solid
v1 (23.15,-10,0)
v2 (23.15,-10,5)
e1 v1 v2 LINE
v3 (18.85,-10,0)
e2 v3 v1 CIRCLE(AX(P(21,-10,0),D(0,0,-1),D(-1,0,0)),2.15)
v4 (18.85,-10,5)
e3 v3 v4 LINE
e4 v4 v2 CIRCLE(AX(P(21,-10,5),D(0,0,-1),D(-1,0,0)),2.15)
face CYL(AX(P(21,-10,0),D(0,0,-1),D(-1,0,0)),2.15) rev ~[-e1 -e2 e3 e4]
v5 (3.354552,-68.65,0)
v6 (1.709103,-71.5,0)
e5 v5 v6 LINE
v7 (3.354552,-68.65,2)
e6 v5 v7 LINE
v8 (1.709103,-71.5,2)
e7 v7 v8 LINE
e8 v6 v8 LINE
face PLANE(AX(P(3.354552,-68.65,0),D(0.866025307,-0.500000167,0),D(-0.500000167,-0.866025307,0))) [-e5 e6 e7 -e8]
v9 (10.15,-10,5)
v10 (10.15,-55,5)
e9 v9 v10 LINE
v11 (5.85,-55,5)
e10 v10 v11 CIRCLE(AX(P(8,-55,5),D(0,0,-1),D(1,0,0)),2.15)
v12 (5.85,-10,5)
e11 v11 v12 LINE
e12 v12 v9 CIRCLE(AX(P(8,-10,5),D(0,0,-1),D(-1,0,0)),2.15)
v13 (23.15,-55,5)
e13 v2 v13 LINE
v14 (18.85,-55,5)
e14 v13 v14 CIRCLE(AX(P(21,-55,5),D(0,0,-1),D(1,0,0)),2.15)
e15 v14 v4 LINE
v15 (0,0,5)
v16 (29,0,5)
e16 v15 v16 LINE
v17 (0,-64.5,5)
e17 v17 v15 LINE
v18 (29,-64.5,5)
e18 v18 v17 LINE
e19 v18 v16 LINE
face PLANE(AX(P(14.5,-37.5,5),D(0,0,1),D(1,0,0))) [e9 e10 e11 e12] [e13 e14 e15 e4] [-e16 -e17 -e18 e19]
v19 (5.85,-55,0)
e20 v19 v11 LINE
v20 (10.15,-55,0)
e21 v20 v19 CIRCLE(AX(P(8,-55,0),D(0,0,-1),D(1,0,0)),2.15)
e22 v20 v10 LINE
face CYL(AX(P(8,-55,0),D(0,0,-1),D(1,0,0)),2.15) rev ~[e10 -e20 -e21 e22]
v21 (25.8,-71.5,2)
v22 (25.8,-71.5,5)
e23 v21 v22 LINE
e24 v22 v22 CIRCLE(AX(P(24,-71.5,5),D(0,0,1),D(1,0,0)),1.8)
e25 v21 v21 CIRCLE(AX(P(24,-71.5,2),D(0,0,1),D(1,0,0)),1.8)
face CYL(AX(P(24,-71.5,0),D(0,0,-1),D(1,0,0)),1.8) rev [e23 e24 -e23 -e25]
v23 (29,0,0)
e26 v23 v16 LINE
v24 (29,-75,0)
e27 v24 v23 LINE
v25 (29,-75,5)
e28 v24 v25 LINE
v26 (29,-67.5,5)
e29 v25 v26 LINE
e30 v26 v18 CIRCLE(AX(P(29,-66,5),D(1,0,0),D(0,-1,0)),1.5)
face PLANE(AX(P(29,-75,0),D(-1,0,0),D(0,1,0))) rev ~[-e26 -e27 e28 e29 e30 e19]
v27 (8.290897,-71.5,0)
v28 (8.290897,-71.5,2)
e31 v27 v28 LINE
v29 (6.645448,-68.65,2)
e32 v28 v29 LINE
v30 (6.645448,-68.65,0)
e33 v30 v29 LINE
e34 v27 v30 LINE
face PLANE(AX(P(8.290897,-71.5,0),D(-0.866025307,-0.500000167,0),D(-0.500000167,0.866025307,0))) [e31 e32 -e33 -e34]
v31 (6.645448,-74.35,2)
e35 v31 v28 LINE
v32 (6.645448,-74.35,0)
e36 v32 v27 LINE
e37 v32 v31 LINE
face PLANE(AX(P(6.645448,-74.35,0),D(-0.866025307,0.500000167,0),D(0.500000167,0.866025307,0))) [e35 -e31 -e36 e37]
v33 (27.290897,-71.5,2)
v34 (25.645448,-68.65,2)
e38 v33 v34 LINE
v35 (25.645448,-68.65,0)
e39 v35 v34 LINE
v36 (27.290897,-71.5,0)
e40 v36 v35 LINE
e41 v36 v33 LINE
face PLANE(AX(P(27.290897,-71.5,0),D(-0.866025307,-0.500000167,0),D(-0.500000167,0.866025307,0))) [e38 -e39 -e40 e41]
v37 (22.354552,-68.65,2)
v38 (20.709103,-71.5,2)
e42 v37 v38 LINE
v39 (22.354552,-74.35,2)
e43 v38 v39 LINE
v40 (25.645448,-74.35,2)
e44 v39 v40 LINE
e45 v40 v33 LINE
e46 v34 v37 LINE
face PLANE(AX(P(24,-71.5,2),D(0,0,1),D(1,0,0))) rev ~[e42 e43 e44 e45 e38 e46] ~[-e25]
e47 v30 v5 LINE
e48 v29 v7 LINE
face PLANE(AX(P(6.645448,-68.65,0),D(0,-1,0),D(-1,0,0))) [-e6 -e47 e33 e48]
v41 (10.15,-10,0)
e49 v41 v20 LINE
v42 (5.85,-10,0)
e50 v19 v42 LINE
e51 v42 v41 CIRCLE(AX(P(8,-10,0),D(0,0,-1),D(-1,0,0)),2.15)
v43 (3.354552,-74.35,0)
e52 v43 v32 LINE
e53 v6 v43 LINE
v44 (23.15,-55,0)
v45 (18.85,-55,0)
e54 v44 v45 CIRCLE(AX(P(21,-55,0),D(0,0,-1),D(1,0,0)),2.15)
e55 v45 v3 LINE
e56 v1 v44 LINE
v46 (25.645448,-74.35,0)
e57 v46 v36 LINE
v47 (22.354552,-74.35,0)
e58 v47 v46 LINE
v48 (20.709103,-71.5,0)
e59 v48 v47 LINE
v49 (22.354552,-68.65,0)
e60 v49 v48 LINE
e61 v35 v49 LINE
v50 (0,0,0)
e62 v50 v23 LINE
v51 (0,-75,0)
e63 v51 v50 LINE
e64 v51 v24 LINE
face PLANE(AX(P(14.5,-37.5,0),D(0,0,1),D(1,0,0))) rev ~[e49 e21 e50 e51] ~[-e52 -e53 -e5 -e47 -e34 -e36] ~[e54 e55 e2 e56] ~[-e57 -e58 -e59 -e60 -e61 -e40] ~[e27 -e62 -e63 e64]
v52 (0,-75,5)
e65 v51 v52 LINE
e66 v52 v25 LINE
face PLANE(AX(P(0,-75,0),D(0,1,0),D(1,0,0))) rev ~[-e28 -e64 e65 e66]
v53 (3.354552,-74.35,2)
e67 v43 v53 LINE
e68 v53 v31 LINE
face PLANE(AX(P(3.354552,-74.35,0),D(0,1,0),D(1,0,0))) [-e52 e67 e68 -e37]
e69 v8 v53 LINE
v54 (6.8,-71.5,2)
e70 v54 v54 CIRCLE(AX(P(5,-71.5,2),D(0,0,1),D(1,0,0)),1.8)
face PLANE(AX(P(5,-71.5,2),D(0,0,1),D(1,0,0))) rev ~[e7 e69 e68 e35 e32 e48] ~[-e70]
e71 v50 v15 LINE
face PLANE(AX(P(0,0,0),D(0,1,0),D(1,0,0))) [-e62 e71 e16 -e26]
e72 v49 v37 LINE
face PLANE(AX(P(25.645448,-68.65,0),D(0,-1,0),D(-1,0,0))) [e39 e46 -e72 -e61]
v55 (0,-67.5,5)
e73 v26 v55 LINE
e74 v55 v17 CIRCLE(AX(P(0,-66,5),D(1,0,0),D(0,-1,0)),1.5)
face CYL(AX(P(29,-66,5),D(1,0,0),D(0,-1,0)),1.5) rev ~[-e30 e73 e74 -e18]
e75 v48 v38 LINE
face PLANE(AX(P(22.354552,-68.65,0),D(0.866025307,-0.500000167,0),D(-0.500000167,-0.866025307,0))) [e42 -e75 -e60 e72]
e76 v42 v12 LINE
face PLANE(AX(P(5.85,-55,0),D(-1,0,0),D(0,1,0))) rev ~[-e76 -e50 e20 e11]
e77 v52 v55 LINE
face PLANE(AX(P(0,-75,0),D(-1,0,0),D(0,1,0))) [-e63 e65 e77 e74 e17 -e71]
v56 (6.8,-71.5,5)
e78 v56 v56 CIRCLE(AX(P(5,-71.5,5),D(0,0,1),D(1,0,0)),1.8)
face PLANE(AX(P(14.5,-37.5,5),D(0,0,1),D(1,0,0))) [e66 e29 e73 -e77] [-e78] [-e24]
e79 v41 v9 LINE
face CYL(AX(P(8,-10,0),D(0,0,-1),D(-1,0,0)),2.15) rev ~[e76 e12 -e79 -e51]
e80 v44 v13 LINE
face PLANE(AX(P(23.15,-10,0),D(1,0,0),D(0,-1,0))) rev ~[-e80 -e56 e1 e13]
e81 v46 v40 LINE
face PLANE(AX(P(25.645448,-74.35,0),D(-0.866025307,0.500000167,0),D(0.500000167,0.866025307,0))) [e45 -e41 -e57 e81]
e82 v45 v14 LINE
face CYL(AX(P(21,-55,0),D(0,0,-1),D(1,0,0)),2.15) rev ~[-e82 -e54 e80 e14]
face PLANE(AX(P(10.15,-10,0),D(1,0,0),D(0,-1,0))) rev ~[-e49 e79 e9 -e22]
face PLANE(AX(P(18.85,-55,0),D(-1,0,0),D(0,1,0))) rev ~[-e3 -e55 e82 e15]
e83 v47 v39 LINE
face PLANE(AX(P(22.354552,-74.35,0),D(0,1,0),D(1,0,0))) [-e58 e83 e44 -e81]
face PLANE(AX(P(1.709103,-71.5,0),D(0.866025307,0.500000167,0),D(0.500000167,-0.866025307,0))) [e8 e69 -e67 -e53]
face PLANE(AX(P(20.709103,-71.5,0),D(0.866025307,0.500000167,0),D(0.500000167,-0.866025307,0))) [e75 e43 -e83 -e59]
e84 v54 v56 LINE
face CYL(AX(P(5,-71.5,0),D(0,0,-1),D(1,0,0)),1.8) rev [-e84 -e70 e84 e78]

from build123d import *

# Parameters (mm, degrees)
F0_W     = 29
F0_H     = 75
F0_R     = 1.8
F1_DEPTH = 5
F3_DEPTH = 29
F4_DEPTH = 2


with BuildPart() as f1:
    # F0 (on Top) → F1 (new body)
    with BuildSketch(Plane.XY):
        with Locations((14.5, -37.5)):
            Rectangle(F0_W, F0_H)
        Polygon((1.709103, -71.5), (3.354552, -68.65), (6.645448, -68.65), (8.290897, -71.5), (6.645448, -74.35), (3.354552, -74.35), align=None, mode=Mode.SUBTRACT)
        Polygon((20.709103, -71.5), (22.354552, -68.65), (25.645448, -68.65), (27.290897, -71.5), (25.645448, -74.35), (22.354552, -74.35), align=None, mode=Mode.SUBTRACT)
        with BuildLine():
            Line((5.85, -55), (5.85, -10))
            ThreePointArc((5.85, -10), (8, -7.85), (10.15, -10))
            Line((10.15, -10), (10.15, -55))
            ThreePointArc((10.15, -55), (8, -57.15), (5.85, -55))
        make_face(mode=Mode.SUBTRACT)
        with BuildLine():
            Line((18.85, -55), (18.85, -10))
            ThreePointArc((18.85, -10), (21, -7.85), (23.15, -10))
            Line((23.15, -10), (23.15, -55))
            ThreePointArc((23.15, -55), (21, -57.15), (18.85, -55))
        make_face(mode=Mode.SUBTRACT)
        Polygon((25.645448, -68.65), (22.354552, -68.65), (20.709103, -71.5), (22.354552, -74.35), (25.645448, -74.35), (27.290897, -71.5), align=None)
        with Locations((24, -71.5)):
            Circle(F0_R, mode=Mode.SUBTRACT)
        Polygon((6.645448, -68.65), (3.354552, -68.65), (1.709103, -71.5), (3.354552, -74.35), (6.645448, -74.35), (8.290897, -71.5), align=None)
        with Locations((5, -71.5)):
            Circle(F0_R, mode=Mode.SUBTRACT)
    extrude(amount=F1_DEPTH)

    # F2 (on face) → F3 (cut, through all)
    with BuildSketch(Plane.YZ.offset(29)):
        with BuildLine():
            Line((-64.5, 5), (-67.5, 5))
            ThreePointArc((-67.5, 5), (-66, 3.5), (-64.5, 5))
        make_face()
    extrude(amount=-F3_DEPTH, mode=Mode.SUBTRACT)

    # F0 (on Top) → F4 (cut)
    with BuildSketch(Plane.XY):
        with Locations((5, -71.5)):
            Circle(F0_R)
        with Locations((24, -71.5)):
            Circle(F0_R)
        Polygon((6.645448, -68.65), (3.354552, -68.65), (1.709103, -71.5), (3.354552, -74.35), (6.645448, -74.35), (8.290897, -71.5), align=None)
        with Locations((5, -71.5)):
            Circle(F0_R, mode=Mode.SUBTRACT)
        Polygon((25.645448, -68.65), (22.354552, -68.65), (20.709103, -71.5), (22.354552, -74.35), (25.645448, -74.35), (27.290897, -71.5), align=None)
        with Locations((24, -71.5)):
            Circle(F0_R, mode=Mode.SUBTRACT)
    extrude(amount=F4_DEPTH, mode=Mode.SUBTRACT)


solid = f1.part
